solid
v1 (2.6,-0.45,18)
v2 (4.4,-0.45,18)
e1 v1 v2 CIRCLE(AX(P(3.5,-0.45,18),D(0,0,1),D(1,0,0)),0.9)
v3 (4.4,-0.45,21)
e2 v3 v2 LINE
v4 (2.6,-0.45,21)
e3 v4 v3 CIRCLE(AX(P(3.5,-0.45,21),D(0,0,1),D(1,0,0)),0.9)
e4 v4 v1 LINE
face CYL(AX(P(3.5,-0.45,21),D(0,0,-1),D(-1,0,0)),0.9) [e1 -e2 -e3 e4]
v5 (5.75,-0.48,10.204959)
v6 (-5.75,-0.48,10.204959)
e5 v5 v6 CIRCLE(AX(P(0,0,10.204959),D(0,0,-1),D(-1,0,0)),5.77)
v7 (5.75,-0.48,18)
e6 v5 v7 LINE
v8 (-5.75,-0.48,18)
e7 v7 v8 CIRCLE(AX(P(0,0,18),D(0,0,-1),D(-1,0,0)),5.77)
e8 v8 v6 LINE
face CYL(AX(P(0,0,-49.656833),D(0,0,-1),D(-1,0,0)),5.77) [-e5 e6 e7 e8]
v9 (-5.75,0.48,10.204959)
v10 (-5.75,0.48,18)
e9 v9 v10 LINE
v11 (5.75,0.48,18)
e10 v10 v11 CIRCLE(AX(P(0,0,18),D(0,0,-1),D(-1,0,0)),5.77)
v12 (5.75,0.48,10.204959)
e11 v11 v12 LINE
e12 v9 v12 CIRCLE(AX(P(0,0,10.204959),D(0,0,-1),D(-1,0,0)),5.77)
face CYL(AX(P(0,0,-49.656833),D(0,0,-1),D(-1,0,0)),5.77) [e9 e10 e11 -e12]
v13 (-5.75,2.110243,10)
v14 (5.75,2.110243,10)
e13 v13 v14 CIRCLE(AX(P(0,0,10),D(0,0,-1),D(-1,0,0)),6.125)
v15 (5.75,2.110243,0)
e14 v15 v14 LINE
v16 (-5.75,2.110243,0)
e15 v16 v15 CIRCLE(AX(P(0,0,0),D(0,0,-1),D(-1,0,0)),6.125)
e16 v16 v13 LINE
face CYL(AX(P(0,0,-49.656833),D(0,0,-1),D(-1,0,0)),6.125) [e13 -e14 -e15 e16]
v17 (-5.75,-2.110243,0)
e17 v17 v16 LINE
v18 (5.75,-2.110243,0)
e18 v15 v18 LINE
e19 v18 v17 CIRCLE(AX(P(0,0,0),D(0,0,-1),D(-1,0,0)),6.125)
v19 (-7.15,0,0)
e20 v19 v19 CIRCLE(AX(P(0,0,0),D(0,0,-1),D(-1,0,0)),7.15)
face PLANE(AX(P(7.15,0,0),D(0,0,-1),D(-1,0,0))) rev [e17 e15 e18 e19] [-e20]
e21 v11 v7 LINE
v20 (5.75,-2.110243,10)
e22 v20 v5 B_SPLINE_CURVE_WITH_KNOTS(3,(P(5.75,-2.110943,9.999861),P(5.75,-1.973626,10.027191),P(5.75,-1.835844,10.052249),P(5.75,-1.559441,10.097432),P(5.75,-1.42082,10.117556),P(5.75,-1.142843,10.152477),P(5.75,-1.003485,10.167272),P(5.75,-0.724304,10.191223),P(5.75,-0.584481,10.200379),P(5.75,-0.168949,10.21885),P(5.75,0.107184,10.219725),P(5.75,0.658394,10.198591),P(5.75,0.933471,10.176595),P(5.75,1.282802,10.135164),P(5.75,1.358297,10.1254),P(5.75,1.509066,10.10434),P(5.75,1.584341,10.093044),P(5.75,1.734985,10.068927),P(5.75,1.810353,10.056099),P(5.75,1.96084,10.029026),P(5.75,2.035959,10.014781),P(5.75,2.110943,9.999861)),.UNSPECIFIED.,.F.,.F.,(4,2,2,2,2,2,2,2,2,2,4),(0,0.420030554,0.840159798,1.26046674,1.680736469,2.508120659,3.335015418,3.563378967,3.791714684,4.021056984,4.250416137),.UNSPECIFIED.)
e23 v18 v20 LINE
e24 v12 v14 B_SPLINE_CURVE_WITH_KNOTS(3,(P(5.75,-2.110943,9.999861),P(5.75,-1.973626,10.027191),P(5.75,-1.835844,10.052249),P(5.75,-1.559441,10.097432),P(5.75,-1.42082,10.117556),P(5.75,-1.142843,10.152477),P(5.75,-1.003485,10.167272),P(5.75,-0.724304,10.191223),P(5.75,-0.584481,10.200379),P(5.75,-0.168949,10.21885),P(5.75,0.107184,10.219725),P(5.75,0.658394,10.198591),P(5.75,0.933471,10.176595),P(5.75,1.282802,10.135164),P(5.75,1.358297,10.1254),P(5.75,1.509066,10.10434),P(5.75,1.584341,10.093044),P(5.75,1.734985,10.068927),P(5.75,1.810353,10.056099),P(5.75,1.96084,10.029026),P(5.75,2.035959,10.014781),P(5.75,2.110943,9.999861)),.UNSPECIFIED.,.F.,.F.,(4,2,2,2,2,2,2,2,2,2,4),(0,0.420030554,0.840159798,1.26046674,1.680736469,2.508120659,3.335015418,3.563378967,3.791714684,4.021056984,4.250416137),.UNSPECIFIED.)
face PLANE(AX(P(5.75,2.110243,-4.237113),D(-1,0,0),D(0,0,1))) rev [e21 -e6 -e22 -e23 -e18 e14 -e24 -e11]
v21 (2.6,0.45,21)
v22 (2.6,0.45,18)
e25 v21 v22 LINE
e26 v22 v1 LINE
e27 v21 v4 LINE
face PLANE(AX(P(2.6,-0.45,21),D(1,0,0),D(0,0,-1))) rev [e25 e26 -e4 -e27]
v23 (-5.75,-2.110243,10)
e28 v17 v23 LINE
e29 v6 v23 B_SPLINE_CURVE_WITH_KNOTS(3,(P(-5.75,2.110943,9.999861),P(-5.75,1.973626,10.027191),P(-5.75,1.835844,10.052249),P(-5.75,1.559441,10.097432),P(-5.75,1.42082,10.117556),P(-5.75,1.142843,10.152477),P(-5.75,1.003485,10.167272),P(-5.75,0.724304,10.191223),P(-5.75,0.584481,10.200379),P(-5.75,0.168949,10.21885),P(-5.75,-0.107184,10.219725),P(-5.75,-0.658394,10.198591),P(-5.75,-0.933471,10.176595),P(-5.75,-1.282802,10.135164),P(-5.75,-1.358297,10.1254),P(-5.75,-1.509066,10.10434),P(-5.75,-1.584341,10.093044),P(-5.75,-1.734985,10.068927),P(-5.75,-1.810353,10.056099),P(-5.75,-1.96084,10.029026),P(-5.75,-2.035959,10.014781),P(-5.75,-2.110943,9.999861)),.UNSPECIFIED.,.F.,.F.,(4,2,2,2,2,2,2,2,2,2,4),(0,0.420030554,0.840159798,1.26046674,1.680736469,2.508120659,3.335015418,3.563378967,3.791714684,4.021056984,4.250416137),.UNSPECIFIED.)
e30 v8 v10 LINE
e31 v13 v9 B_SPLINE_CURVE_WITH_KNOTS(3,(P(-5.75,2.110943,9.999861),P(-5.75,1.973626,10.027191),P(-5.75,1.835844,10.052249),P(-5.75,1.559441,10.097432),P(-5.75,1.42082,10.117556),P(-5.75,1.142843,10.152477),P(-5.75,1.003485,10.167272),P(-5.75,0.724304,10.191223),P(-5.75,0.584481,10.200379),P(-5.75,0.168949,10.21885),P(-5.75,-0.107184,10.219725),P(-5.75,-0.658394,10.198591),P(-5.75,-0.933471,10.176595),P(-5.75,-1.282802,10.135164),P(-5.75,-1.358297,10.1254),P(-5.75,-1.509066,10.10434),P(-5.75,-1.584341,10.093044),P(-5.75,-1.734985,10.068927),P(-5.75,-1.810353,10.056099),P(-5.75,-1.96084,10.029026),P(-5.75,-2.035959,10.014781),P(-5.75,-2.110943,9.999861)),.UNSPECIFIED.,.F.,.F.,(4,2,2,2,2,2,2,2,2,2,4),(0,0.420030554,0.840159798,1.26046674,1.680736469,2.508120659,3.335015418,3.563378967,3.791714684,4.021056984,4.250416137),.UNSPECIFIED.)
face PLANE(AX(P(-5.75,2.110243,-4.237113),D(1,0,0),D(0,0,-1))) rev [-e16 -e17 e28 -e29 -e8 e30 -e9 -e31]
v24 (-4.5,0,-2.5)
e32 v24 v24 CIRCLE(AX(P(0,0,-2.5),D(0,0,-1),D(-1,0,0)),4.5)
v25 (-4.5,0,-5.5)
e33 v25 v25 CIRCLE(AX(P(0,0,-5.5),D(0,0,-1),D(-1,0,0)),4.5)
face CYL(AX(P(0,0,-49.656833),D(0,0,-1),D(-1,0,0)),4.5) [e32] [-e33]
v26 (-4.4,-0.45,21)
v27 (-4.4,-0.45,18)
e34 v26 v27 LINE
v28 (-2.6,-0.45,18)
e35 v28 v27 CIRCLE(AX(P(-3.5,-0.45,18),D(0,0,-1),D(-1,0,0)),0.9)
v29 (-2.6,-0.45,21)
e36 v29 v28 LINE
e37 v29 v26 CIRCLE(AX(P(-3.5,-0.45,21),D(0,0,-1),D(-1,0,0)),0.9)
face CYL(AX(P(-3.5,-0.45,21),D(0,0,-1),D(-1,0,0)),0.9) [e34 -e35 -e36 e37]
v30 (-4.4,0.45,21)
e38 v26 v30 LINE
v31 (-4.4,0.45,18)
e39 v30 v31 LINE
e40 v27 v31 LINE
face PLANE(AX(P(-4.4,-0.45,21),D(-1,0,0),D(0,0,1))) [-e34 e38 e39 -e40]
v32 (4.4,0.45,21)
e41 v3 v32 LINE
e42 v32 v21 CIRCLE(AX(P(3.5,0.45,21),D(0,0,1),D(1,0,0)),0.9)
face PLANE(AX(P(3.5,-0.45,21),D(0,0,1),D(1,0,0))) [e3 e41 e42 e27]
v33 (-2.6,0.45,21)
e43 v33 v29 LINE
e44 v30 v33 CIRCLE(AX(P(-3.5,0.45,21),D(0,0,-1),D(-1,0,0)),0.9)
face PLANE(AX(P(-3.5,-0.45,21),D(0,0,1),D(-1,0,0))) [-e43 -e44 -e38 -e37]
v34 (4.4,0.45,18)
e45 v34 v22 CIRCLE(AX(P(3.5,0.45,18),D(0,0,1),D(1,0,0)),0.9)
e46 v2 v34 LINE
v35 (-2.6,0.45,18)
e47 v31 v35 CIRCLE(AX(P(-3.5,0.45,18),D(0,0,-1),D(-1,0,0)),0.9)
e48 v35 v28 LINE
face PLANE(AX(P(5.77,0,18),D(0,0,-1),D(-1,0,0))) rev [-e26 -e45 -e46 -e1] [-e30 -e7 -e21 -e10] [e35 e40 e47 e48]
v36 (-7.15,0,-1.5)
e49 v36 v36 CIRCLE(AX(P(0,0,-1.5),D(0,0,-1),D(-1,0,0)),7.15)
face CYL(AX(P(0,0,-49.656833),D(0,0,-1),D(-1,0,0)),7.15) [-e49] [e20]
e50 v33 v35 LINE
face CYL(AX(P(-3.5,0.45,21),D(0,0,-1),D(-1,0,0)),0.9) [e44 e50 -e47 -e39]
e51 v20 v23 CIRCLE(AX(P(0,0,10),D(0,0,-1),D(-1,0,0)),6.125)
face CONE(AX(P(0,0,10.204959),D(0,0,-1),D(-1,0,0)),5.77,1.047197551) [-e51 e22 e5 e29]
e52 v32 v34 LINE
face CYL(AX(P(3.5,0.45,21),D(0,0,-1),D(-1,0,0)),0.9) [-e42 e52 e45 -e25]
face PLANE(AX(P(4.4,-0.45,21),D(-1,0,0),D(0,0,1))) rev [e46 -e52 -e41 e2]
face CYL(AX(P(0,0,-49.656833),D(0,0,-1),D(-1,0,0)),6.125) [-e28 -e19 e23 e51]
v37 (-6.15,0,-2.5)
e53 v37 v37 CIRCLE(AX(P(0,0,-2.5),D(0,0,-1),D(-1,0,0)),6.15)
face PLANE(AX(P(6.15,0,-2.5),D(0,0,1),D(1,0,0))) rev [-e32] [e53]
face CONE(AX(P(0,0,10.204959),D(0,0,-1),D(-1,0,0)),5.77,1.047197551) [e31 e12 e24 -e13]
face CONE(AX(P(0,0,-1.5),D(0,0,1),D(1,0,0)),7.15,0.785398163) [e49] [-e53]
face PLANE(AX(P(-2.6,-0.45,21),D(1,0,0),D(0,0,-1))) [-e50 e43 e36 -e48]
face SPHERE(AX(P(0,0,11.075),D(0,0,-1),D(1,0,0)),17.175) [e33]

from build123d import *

# Parameters (mm, degrees)
BOSS_EXTRUDE1_DEPTH = 3
CUT_EXTRUDE1_DEPTH  = 18


with BuildPart() as part:
    # Sketch1 → Revolve1 (revolve)
    with BuildSketch(Plane(origin=(0, 0, 0), x_dir=(1, 0, 0), z_dir=(0, 1, 0))):
        with BuildLine():
            Line((7.15, 0), (6.125, 0))
            Line((6.125, 0), (6.125, -10))
            Line((6.125, -10), (5.77, -10.204959346))
            Line((5.77, -10.204959346), (5.77, -18))
            Line((5.77, -18), (0, -18))
            Line((0, -18), (0, 6.1))
            ThreePointArc((0, 6.1), (2.269911893, 5.949339194), (4.5, 5.5))
            Line((4.5, 5.5), (4.5, 2.5))
            Line((4.5, 2.5), (6.15, 2.5))
            Line((6.15, 2.5), (7.15, 1.5))
            Line((7.15, 1.5), (7.15, 0))
        make_face()
    revolve(axis=Axis((0, 0, -49.656832942), (0, 0, 1)))

    # Sketch2 → Boss-Extrude1 (add)
    with BuildSketch(Plane.XY.offset(18)):
        with BuildLine():
            Line((2.6, -0.45), (2.6, 0.45))
            ThreePointArc((2.6, 0.45), (3.5, 1.35), (4.4, 0.45))
            Line((4.4, 0.45), (4.4, -0.45))
            ThreePointArc((4.4, -0.45), (3.5, -1.35), (2.6, -0.45))
        make_face()
    boss_extrude1 = extrude(amount=BOSS_EXTRUDE1_DEPTH)

    # Mirror1: Boss-Extrude1 across plane
    add(boss_extrude1.mirror(Plane(origin=(0, 0, 0), x_dir=(0, 0, 1), z_dir=(1, 0, 0))))

    # Sketch3 → Cut-Extrude1 (cut)
    with BuildSketch(Plane.XY.offset(18)):
        with BuildLine():
            Line((5.75, 2.110242877), (5.75, -2.110242877))
            ThreePointArc((5.75, -2.110242877), (6.125, 0), (5.75, 2.110242877))
        make_face()
        with BuildLine():
            Line((-5.75, 2.110242877), (-5.75, -2.110242877))
            ThreePointArc((-5.75, -2.110242877), (-6.125, 0), (-5.75, 2.110242877))
        make_face()
    extrude(amount=-CUT_EXTRUDE1_DEPTH, mode=Mode.SUBTRACT)


solid = part.part
